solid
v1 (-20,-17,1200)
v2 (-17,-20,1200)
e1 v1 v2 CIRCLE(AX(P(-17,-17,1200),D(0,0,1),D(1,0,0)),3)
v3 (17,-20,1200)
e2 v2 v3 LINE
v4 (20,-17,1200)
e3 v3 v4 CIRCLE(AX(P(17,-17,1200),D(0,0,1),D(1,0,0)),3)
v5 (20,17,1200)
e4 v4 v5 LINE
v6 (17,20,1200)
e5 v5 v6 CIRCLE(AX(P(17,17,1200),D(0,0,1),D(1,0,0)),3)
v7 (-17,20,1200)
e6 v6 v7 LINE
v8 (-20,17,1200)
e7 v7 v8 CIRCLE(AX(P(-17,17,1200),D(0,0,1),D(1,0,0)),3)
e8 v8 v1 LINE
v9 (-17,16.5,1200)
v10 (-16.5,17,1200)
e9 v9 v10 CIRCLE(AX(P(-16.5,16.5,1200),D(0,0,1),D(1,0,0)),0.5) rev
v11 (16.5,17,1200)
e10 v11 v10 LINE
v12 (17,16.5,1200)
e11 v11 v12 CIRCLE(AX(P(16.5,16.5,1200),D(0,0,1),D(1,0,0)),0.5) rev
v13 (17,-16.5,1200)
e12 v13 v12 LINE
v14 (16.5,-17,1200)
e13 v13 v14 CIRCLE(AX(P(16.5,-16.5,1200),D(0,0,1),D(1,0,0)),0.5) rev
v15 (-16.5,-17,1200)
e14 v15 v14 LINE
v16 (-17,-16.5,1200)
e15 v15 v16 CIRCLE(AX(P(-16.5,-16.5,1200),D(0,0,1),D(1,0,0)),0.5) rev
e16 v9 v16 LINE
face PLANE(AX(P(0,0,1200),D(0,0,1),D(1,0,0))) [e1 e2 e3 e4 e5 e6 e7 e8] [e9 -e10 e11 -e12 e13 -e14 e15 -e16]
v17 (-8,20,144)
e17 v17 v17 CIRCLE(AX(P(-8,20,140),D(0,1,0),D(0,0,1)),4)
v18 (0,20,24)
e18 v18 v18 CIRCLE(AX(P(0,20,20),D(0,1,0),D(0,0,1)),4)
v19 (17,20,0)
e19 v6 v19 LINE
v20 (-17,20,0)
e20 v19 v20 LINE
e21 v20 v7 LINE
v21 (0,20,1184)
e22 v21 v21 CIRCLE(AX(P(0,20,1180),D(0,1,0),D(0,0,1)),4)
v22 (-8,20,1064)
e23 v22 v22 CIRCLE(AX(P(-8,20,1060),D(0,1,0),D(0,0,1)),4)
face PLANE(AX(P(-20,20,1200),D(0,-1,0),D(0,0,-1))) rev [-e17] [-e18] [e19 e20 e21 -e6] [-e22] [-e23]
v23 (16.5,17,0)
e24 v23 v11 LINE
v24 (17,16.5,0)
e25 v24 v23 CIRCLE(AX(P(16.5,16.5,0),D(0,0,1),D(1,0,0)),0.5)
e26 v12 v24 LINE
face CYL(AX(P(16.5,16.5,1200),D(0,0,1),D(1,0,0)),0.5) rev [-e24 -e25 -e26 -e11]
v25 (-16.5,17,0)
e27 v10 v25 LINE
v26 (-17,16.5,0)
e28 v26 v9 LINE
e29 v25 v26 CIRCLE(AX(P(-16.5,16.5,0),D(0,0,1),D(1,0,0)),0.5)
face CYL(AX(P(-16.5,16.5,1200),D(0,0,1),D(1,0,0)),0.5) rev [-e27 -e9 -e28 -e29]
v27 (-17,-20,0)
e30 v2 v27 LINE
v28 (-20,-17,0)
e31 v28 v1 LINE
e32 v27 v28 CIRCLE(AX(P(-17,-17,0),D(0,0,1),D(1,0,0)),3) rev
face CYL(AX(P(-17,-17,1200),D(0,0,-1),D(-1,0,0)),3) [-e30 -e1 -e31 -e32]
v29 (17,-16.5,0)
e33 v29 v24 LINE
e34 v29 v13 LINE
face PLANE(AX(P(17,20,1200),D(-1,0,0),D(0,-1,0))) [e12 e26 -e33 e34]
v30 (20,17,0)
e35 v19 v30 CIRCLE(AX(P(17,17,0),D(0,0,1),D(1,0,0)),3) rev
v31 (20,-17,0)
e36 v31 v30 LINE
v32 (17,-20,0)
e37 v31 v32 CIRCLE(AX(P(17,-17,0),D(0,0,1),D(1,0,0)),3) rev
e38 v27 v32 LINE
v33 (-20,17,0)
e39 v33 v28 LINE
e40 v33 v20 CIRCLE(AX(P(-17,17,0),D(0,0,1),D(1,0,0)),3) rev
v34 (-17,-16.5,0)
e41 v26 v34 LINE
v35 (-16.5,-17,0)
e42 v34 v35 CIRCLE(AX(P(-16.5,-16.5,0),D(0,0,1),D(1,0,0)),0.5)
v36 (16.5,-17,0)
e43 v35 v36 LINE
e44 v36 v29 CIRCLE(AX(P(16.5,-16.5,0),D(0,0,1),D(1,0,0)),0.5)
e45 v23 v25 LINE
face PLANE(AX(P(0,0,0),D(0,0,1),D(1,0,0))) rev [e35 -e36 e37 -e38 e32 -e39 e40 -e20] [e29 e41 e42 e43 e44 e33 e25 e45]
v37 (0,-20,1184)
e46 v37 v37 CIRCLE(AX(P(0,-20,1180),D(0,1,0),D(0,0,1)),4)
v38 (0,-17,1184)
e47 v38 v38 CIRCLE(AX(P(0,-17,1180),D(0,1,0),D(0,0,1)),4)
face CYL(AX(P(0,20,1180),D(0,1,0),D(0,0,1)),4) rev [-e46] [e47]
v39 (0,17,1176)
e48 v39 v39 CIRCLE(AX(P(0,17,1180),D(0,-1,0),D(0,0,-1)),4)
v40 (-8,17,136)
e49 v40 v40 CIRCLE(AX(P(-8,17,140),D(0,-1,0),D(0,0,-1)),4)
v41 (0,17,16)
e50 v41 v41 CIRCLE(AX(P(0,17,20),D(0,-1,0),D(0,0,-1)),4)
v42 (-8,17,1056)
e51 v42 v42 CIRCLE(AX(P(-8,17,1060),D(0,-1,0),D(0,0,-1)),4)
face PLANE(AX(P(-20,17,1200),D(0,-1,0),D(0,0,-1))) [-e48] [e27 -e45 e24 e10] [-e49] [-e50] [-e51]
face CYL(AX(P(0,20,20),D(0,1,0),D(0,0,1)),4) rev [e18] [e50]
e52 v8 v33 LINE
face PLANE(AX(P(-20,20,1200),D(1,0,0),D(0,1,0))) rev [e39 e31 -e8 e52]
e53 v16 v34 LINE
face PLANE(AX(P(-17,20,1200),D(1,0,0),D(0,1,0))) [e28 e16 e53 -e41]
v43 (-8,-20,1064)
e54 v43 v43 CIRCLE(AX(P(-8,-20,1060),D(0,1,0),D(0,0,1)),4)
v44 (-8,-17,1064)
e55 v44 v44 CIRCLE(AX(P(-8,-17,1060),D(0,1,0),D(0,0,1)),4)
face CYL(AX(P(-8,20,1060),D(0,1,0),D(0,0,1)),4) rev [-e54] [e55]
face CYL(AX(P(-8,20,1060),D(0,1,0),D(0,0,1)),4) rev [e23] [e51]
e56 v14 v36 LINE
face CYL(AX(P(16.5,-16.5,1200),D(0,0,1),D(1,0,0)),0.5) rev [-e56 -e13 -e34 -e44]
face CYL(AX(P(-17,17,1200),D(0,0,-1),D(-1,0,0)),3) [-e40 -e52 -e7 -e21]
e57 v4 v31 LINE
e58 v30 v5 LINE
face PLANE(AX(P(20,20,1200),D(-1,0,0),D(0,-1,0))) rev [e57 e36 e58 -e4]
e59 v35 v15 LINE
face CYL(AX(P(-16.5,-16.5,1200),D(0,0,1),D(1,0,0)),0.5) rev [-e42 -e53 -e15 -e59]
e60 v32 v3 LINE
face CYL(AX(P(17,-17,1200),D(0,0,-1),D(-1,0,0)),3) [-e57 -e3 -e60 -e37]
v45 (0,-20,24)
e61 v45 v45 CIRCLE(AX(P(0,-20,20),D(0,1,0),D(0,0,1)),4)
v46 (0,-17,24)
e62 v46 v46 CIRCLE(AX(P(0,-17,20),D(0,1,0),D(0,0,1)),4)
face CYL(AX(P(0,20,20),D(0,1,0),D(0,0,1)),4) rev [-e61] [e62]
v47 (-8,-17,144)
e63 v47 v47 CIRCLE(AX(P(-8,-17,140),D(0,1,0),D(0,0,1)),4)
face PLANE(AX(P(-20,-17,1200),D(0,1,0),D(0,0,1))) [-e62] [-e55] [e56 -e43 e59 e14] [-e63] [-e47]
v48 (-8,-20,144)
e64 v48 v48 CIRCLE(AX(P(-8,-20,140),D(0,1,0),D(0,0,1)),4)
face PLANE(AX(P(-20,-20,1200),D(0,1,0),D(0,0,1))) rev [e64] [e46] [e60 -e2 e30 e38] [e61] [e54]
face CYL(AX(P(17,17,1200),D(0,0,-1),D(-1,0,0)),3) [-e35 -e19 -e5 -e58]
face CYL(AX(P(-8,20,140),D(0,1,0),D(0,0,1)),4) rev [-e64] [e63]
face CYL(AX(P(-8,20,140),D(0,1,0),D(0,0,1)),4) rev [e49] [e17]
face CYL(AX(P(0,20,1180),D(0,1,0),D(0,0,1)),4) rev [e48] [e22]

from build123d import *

# Parameters (mm, degrees)
SKETCH1_W                = 40
SKETCH1_H                = 40
SKETCH1_W_2              = 34
SKETCH1_H_2              = 34
EXTRUDE_THIN1_DEPTH      = 1200
FILLET1_R                = 0.5
FILLET2_R                = 3
F_8_0_8_DIAMETER_HOLE1_D = 8
F_8_0_8_DIAMETER_HOLE2_D = 8


with BuildPart() as part:
    # Sketch1 → Extrude-Thin1 (new body)
    with BuildSketch(Plane.XY):
        Rectangle(SKETCH1_W, SKETCH1_H)
        Rectangle(SKETCH1_W_2, SKETCH1_H_2, mode=Mode.SUBTRACT)
    extrude(amount=EXTRUDE_THIN1_DEPTH)

    # Fillet1
    fillet1_edges = [part.edges().sort_by_distance(p)[0] for p in [
        (17, -17, 600),
        (17, 17, 600),
        (-17, 17, 600),
        (-17, -17, 600),
    ]]
    fillet(fillet1_edges, radius=FILLET1_R)

    # Fillet2
    fillet2_edges = [part.edges().sort_by_distance(p)[0] for p in [
        (20, -20, 600),
        (-20, -20, 600),
        (-20, 20, 600),
        (20, 20, 600),
    ]]
    fillet(fillet2_edges, radius=FILLET2_R)

    # Ø8.0 (8) Diameter Hole1 (through all)
    with Locations(Plane(origin=(0, 20, 0), x_dir=(1, 0, 0), z_dir=(0, 1, 0))):
        with Locations((0, -20), (0, -1180)):
            Hole(F_8_0_8_DIAMETER_HOLE1_D / 2)

    # Ø8.0 (8) Diameter Hole2 (through all)
    with Locations(Plane(origin=(0, 20, 0), x_dir=(1, 0, 0), z_dir=(0, 1, 0))):
        with Locations((-8, -1060), (-8, -140)):
            Hole(F_8_0_8_DIAMETER_HOLE2_D / 2)


solid = part.part
